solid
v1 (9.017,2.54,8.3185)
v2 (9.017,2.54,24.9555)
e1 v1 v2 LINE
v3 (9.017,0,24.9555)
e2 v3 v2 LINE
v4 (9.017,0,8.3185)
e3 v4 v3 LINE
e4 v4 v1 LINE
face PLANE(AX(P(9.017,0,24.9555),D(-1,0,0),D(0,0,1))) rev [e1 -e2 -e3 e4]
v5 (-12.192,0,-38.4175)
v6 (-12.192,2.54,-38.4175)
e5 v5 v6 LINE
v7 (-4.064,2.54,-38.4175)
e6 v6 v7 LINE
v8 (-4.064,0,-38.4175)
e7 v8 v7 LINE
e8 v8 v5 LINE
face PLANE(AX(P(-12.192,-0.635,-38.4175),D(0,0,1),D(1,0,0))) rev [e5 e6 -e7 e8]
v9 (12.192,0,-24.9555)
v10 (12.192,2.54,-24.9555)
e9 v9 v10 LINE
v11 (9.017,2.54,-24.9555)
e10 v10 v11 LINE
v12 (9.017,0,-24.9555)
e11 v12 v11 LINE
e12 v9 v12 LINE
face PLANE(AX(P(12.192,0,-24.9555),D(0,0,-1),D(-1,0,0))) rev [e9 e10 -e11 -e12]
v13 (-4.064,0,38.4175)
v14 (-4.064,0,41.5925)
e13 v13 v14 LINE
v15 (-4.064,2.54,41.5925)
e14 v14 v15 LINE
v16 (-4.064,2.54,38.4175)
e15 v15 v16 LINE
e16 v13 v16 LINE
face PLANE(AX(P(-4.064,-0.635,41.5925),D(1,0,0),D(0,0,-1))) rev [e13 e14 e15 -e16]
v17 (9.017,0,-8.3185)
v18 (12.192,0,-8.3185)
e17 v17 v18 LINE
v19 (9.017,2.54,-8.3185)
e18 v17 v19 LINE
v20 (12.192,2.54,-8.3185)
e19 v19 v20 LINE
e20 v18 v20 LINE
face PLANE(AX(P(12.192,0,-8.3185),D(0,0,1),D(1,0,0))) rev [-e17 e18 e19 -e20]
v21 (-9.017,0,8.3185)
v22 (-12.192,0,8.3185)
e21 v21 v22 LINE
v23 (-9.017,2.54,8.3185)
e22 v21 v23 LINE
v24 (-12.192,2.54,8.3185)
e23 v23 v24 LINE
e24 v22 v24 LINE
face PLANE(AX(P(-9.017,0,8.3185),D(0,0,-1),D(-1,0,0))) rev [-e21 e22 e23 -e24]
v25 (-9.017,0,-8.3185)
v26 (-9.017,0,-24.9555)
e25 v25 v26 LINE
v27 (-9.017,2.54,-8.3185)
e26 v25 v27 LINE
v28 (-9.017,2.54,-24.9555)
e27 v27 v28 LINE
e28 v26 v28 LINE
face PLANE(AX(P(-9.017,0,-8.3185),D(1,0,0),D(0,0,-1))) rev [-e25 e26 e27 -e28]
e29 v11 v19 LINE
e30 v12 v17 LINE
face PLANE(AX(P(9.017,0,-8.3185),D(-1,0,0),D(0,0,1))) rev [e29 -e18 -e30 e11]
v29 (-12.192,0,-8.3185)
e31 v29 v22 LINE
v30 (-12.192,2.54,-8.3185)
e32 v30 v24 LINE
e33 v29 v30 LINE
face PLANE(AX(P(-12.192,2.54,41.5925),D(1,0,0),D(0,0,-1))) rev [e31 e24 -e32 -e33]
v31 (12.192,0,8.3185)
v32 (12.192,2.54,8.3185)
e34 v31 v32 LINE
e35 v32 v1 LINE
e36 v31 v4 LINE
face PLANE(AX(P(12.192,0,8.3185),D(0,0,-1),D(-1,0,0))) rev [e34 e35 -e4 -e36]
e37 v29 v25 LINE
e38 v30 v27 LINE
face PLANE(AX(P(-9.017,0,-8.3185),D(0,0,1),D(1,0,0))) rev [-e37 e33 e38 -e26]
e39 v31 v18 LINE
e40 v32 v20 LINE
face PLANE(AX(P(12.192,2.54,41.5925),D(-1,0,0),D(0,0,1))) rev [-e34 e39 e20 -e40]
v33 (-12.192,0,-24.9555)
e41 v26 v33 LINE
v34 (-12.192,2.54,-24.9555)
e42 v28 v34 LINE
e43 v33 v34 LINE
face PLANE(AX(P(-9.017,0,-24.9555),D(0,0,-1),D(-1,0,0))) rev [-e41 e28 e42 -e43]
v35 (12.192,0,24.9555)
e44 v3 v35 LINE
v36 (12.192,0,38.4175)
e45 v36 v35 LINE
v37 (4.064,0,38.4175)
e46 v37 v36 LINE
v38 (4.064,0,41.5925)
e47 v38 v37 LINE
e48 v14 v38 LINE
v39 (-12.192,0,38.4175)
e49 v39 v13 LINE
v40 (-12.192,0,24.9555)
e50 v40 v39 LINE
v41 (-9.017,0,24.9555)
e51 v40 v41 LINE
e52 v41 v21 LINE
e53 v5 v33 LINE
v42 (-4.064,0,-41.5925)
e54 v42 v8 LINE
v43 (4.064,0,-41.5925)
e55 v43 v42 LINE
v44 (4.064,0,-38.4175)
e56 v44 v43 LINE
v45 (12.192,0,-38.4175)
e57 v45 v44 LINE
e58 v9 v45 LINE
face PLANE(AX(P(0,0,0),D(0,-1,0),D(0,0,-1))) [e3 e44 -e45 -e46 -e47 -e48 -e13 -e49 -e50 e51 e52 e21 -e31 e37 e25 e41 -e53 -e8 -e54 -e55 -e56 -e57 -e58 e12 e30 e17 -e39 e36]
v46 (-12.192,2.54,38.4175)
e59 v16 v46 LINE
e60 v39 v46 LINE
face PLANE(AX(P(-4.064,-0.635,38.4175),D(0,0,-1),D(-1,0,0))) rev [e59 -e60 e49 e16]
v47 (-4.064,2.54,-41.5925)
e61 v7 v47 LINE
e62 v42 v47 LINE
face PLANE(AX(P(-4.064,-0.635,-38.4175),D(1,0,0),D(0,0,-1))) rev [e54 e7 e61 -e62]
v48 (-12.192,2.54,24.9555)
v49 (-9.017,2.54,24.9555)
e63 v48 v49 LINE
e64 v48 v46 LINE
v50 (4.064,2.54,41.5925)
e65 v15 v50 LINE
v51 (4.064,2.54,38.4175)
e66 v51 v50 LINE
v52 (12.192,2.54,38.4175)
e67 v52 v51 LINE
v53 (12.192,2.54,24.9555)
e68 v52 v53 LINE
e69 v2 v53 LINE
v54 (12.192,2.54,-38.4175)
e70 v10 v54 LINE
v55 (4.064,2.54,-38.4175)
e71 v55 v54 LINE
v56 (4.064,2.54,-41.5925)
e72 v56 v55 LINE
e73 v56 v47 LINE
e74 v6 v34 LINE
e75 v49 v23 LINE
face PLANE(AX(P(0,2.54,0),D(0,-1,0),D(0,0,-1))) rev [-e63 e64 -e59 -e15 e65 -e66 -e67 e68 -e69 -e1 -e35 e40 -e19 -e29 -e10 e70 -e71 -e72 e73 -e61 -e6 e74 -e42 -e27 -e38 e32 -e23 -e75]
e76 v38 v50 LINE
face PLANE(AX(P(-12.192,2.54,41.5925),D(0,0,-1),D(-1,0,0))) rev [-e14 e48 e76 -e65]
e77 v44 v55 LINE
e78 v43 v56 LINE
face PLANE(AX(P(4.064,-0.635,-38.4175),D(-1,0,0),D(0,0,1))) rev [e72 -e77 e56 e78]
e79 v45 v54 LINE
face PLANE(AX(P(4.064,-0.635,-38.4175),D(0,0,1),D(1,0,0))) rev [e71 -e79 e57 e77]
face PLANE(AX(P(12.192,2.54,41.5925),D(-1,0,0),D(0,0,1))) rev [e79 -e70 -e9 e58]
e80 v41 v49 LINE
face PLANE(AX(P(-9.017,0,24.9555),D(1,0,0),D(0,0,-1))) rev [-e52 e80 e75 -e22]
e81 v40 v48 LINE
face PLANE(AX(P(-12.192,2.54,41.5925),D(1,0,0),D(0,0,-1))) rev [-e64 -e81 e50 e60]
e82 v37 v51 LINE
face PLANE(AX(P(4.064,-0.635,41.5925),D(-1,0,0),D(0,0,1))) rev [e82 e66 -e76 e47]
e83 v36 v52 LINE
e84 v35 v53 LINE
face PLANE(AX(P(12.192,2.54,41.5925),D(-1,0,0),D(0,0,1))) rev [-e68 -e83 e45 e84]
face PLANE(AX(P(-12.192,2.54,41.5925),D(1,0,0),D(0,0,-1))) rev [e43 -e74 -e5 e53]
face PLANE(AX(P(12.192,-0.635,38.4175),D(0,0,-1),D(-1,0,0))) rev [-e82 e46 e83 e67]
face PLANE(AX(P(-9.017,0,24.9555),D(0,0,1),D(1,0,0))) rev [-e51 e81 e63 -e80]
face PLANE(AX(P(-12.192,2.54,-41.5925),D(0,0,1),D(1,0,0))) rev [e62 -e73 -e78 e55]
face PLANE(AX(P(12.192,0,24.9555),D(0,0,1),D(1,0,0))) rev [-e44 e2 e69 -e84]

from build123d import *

# Parameters (mm, degrees)
SKETCH1_W           = 24.384
SKETCH1_H           = 83.185
BOSS_EXTRUDE1_DEPTH = 2.54
SKETCH2_W           = 3.175
SKETCH2_H           = 16.637
CUT_EXTRUDE1_DEPTH  = 2.54
LPATTERN1_COUNT     = 2
LPATTERN1_PITCH     = 33.274
SKETCH3_W           = 8.128
SKETCH3_H           = 3.175
CUT_EXTRUDE5_DEPTH  = 3.175
LPATTERN3_COUNT     = 2
LPATTERN3_PITCH     = 16.256


with BuildPart() as part:
    # Sketch1 → Boss-Extrude1 (new body)
    with BuildSketch(Plane(origin=(0, 0, 0), x_dir=(1, 0, 0), z_dir=(0, 1, 0))):
        Rectangle(SKETCH1_W, SKETCH1_H)
    extrude(amount=BOSS_EXTRUDE1_DEPTH)

    # Sketch2 → Cut-Extrude1 (cut)
    with BuildSketch(Plane(origin=(0, 2.54, 0), x_dir=(1, 0, 0), z_dir=(0, 1, 0))):
        with Locations((-10.6045, 16.637)):
            Rectangle(SKETCH2_W, SKETCH2_H)
        with Locations((10.6045, 16.637)):
            Rectangle(SKETCH2_W, SKETCH2_H)
    cut_extrude1 = extrude(amount=-CUT_EXTRUDE1_DEPTH, mode=Mode.SUBTRACT)

    # LPattern1: Cut-Extrude1 ×2
    with Locations(*[(0, 0, i * LPATTERN1_PITCH) for i in range(1, LPATTERN1_COUNT)]):
        add(cut_extrude1, mode=Mode.SUBTRACT)

    # Sketch3 → Cut-Extrude5 (cut)
    with BuildSketch(Plane(origin=(0, 2.54, 0), x_dir=(1, 0, 0), z_dir=(0, 1, 0))):
        with Locations((8.128, 40.005)):
            Rectangle(SKETCH3_W, SKETCH3_H)
        with Locations((8.128, -40.005)):
            Rectangle(SKETCH3_W, SKETCH3_H)
    cut_extrude5 = extrude(amount=-CUT_EXTRUDE5_DEPTH, mode=Mode.SUBTRACT)

    # LPattern3: Cut-Extrude5 ×2
    with Locations(*[(-i * LPATTERN3_PITCH, 0, 0) for i in range(1, LPATTERN3_COUNT)]):
        add(cut_extrude5, mode=Mode.SUBTRACT)


solid = part.part
